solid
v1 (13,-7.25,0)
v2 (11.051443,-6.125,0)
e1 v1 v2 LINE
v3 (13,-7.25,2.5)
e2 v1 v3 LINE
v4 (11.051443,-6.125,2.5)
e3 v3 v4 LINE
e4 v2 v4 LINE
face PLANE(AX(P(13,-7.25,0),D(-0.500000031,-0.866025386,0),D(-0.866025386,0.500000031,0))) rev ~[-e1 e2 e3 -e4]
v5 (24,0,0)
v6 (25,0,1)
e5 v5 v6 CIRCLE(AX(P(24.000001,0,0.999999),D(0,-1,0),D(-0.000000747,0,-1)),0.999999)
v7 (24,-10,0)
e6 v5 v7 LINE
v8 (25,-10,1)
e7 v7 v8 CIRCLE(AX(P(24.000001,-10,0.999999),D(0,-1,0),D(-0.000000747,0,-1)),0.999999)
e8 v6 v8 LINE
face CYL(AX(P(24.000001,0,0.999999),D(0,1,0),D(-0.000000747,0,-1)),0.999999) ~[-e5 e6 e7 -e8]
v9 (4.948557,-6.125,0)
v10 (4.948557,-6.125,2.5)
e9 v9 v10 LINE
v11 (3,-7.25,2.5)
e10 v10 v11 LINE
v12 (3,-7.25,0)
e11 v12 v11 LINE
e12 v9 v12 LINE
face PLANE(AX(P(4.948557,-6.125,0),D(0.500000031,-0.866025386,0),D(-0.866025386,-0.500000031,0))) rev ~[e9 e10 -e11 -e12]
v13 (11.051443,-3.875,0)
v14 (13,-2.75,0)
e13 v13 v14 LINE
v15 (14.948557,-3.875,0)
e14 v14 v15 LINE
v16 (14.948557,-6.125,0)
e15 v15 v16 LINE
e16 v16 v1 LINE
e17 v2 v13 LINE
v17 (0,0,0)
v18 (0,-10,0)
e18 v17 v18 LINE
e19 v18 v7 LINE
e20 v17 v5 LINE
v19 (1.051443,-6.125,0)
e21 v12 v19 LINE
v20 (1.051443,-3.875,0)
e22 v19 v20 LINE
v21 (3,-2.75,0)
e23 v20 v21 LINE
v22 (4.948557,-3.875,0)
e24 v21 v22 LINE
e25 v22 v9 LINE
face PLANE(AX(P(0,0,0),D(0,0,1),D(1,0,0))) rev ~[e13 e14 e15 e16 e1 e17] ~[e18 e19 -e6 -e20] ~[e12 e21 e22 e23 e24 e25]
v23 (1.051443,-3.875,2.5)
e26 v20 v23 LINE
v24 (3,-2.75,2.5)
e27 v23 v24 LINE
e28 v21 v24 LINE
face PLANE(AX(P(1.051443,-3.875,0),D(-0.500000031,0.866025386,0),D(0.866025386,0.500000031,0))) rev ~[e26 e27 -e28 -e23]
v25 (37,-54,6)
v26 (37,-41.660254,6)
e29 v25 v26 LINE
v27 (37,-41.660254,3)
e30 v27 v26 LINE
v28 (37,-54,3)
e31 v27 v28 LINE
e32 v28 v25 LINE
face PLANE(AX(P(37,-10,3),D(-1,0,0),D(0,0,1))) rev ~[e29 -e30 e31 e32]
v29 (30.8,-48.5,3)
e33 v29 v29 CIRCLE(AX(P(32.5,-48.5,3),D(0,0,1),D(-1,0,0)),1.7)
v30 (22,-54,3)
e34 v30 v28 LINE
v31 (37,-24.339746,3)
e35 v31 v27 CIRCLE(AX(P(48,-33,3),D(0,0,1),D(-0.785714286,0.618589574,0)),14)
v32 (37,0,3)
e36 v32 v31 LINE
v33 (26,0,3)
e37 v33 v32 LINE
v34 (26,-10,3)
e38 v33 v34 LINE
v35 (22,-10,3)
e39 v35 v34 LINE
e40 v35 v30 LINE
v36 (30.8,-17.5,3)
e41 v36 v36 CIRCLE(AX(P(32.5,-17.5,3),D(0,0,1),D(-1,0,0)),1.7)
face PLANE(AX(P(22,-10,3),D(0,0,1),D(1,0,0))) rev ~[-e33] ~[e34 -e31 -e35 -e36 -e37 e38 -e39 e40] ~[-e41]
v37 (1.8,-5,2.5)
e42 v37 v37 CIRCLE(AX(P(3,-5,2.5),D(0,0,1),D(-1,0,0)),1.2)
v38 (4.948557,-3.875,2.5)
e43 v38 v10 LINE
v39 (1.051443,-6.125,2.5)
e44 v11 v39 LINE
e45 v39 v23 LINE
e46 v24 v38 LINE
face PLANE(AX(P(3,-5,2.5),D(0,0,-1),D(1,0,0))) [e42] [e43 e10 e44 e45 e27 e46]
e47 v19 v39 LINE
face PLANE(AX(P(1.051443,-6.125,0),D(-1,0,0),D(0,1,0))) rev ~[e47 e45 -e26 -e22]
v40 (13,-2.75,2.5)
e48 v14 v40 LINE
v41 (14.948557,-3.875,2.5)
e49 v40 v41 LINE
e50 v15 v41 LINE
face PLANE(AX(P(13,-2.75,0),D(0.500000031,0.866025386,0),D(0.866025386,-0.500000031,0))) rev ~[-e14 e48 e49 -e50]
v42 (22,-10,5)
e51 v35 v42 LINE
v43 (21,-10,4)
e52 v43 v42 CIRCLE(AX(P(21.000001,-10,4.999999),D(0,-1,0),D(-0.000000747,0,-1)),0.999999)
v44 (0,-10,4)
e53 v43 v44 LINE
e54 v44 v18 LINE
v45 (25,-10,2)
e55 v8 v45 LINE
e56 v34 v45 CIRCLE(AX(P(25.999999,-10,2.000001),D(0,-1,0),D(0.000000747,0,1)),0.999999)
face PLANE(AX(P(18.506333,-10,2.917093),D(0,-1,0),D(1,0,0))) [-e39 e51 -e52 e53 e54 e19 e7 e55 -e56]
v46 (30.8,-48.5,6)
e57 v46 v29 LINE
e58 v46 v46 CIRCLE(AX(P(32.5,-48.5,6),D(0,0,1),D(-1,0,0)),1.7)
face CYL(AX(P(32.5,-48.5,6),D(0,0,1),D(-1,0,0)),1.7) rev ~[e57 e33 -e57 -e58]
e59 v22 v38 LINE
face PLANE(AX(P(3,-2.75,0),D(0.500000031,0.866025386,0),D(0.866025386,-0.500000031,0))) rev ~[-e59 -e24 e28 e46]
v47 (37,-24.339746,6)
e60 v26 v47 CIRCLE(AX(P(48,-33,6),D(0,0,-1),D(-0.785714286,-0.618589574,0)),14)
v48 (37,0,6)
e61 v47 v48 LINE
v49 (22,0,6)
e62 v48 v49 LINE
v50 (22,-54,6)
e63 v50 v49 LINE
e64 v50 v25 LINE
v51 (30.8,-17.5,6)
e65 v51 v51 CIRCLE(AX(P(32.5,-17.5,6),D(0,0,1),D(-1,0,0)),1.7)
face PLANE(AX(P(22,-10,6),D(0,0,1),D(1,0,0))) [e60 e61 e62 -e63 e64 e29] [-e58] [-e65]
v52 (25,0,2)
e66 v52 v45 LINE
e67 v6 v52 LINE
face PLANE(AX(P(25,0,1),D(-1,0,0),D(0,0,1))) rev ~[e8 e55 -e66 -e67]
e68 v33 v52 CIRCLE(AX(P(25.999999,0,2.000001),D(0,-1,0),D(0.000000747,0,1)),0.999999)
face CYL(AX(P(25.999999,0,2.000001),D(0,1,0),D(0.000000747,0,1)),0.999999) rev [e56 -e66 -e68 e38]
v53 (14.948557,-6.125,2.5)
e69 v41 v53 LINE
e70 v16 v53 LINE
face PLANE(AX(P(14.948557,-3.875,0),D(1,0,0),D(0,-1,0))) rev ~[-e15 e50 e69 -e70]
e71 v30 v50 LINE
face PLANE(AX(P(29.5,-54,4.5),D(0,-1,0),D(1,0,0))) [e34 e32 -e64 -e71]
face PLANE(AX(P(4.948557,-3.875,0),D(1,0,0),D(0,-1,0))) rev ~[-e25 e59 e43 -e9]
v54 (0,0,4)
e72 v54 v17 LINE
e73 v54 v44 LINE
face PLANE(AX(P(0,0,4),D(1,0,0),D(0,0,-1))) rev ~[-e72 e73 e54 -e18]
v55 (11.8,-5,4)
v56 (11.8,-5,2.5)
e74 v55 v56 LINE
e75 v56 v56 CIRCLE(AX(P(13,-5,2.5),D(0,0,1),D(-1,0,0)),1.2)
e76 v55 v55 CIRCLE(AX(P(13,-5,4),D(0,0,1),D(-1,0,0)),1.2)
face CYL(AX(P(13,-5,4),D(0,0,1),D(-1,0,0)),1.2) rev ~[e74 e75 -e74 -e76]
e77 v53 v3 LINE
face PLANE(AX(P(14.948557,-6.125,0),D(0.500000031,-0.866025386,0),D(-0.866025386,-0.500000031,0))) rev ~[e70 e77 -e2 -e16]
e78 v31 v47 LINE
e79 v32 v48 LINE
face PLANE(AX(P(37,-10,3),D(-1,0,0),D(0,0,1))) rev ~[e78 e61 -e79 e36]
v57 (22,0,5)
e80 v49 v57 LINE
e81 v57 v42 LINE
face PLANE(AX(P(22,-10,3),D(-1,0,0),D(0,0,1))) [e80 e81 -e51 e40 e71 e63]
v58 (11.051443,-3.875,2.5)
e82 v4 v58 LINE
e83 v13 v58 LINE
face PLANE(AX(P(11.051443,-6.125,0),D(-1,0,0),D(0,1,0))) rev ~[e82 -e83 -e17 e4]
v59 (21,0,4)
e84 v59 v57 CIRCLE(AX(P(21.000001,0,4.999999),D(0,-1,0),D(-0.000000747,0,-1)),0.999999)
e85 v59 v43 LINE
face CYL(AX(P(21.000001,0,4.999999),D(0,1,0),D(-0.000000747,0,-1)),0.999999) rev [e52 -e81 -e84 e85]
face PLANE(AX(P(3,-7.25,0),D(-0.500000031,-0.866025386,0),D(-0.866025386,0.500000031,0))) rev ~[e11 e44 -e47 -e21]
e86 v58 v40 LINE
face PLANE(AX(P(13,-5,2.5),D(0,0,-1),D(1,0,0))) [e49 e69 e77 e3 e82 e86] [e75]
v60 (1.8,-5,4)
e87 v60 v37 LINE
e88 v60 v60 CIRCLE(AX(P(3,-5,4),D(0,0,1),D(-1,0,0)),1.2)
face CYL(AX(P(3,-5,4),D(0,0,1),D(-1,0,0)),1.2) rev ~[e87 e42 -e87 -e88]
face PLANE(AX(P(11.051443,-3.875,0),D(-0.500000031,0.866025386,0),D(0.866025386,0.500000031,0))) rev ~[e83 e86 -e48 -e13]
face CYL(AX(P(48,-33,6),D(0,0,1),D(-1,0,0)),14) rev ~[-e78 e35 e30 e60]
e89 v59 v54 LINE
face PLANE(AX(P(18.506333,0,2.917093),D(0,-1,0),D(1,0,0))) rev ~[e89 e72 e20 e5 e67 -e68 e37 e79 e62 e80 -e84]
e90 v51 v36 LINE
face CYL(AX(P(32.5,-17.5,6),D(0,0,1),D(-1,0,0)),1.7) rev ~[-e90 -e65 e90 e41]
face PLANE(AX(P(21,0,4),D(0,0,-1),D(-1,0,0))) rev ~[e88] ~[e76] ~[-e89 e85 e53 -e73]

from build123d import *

# Parameters (mm, degrees)
PAD_DEPTH       = 10
SKETCH001_W     = 15
SKETCH001_H     = 3
PAD001_DEPTH    = 44
SKETCH002_R     = 14
SKETCH002_R_2   = 1.7
POCKET_DEPTH    = 6.001
SKETCH003_R     = 1.2
POCKET001_DEPTH = 5
POCKET002_DEPTH = 2.5


with BuildPart() as part:
    # Sketch → Pad (new body)
    with BuildSketch(Plane.XZ):
        with BuildLine():
            Line((0, 0), (24, 0))
            ThreePointArc((24, 0), (24.707107, 0.292893), (25, 1))
            Line((25, 1), (25, 2))
            ThreePointArc((26, 3), (25.292893, 2.707107), (25, 2))
            Line((26, 3), (37, 3))
            Line((37, 3), (37, 6))
            Line((37, 6), (22, 6))
            Line((22, 6), (22, 5))
            ThreePointArc((21, 4), (21.707107, 4.292893), (22, 5))
            Line((21, 4), (0, 4))
            Line((0, 4), (0, 0))
        make_face()
    extrude(amount=PAD_DEPTH)

    # Sketch001 (on Face13 of Pad) → Pad001 (join)
    with BuildSketch(Plane.XZ.offset(10)):
        with Locations((29.5, 4.5)):
            Rectangle(SKETCH001_W, SKETCH001_H)
    extrude(amount=PAD001_DEPTH)

    # Sketch002 (on Face14 of Pad001) → Pocket (cut, through all)
    with BuildSketch(Plane(origin=(0, 0, 6), x_dir=(-1, 0, 0), z_dir=(0, 0, 1))):
        with Locations((-48, 33)):
            Circle(SKETCH002_R)
        with Locations((-32.5, 48.5)):
            Circle(SKETCH002_R_2)
        with Locations((-32.5, 17.5)):
            Circle(SKETCH002_R_2)
    extrude(amount=-POCKET_DEPTH, mode=Mode.SUBTRACT)

    # Sketch003 (on Face1 of Pocket) → Pocket001 (cut)
    with BuildSketch(Plane(origin=(0, 0, 4), x_dir=(-1, 0, 0), z_dir=(0, 0, 1))):
        with Locations((-3, 5)):
            Circle(SKETCH003_R)
        with Locations((-13, 5)):
            Circle(SKETCH003_R)
    extrude(amount=-POCKET001_DEPTH, mode=Mode.SUBTRACT)

    # Sketch004 (on Face9 of Pocket001) → Pocket002 (cut)
    with BuildSketch(Plane(origin=(0, 0, 0), x_dir=(1, 0, 0), z_dir=(0, 0, -1))):
        Polygon((4.948557, 3.875), (4.948557, 6.125), (3, 7.25), (1.051443, 6.125), (1.051443, 3.875), (3, 2.75), align=None)
        Polygon((13, 2.75), (14.948557, 3.875), (14.948557, 6.125), (13, 7.25), (11.051443, 6.125), (11.051443, 3.875), align=None)
    extrude(amount=-POCKET002_DEPTH, mode=Mode.SUBTRACT)


solid = part.part
